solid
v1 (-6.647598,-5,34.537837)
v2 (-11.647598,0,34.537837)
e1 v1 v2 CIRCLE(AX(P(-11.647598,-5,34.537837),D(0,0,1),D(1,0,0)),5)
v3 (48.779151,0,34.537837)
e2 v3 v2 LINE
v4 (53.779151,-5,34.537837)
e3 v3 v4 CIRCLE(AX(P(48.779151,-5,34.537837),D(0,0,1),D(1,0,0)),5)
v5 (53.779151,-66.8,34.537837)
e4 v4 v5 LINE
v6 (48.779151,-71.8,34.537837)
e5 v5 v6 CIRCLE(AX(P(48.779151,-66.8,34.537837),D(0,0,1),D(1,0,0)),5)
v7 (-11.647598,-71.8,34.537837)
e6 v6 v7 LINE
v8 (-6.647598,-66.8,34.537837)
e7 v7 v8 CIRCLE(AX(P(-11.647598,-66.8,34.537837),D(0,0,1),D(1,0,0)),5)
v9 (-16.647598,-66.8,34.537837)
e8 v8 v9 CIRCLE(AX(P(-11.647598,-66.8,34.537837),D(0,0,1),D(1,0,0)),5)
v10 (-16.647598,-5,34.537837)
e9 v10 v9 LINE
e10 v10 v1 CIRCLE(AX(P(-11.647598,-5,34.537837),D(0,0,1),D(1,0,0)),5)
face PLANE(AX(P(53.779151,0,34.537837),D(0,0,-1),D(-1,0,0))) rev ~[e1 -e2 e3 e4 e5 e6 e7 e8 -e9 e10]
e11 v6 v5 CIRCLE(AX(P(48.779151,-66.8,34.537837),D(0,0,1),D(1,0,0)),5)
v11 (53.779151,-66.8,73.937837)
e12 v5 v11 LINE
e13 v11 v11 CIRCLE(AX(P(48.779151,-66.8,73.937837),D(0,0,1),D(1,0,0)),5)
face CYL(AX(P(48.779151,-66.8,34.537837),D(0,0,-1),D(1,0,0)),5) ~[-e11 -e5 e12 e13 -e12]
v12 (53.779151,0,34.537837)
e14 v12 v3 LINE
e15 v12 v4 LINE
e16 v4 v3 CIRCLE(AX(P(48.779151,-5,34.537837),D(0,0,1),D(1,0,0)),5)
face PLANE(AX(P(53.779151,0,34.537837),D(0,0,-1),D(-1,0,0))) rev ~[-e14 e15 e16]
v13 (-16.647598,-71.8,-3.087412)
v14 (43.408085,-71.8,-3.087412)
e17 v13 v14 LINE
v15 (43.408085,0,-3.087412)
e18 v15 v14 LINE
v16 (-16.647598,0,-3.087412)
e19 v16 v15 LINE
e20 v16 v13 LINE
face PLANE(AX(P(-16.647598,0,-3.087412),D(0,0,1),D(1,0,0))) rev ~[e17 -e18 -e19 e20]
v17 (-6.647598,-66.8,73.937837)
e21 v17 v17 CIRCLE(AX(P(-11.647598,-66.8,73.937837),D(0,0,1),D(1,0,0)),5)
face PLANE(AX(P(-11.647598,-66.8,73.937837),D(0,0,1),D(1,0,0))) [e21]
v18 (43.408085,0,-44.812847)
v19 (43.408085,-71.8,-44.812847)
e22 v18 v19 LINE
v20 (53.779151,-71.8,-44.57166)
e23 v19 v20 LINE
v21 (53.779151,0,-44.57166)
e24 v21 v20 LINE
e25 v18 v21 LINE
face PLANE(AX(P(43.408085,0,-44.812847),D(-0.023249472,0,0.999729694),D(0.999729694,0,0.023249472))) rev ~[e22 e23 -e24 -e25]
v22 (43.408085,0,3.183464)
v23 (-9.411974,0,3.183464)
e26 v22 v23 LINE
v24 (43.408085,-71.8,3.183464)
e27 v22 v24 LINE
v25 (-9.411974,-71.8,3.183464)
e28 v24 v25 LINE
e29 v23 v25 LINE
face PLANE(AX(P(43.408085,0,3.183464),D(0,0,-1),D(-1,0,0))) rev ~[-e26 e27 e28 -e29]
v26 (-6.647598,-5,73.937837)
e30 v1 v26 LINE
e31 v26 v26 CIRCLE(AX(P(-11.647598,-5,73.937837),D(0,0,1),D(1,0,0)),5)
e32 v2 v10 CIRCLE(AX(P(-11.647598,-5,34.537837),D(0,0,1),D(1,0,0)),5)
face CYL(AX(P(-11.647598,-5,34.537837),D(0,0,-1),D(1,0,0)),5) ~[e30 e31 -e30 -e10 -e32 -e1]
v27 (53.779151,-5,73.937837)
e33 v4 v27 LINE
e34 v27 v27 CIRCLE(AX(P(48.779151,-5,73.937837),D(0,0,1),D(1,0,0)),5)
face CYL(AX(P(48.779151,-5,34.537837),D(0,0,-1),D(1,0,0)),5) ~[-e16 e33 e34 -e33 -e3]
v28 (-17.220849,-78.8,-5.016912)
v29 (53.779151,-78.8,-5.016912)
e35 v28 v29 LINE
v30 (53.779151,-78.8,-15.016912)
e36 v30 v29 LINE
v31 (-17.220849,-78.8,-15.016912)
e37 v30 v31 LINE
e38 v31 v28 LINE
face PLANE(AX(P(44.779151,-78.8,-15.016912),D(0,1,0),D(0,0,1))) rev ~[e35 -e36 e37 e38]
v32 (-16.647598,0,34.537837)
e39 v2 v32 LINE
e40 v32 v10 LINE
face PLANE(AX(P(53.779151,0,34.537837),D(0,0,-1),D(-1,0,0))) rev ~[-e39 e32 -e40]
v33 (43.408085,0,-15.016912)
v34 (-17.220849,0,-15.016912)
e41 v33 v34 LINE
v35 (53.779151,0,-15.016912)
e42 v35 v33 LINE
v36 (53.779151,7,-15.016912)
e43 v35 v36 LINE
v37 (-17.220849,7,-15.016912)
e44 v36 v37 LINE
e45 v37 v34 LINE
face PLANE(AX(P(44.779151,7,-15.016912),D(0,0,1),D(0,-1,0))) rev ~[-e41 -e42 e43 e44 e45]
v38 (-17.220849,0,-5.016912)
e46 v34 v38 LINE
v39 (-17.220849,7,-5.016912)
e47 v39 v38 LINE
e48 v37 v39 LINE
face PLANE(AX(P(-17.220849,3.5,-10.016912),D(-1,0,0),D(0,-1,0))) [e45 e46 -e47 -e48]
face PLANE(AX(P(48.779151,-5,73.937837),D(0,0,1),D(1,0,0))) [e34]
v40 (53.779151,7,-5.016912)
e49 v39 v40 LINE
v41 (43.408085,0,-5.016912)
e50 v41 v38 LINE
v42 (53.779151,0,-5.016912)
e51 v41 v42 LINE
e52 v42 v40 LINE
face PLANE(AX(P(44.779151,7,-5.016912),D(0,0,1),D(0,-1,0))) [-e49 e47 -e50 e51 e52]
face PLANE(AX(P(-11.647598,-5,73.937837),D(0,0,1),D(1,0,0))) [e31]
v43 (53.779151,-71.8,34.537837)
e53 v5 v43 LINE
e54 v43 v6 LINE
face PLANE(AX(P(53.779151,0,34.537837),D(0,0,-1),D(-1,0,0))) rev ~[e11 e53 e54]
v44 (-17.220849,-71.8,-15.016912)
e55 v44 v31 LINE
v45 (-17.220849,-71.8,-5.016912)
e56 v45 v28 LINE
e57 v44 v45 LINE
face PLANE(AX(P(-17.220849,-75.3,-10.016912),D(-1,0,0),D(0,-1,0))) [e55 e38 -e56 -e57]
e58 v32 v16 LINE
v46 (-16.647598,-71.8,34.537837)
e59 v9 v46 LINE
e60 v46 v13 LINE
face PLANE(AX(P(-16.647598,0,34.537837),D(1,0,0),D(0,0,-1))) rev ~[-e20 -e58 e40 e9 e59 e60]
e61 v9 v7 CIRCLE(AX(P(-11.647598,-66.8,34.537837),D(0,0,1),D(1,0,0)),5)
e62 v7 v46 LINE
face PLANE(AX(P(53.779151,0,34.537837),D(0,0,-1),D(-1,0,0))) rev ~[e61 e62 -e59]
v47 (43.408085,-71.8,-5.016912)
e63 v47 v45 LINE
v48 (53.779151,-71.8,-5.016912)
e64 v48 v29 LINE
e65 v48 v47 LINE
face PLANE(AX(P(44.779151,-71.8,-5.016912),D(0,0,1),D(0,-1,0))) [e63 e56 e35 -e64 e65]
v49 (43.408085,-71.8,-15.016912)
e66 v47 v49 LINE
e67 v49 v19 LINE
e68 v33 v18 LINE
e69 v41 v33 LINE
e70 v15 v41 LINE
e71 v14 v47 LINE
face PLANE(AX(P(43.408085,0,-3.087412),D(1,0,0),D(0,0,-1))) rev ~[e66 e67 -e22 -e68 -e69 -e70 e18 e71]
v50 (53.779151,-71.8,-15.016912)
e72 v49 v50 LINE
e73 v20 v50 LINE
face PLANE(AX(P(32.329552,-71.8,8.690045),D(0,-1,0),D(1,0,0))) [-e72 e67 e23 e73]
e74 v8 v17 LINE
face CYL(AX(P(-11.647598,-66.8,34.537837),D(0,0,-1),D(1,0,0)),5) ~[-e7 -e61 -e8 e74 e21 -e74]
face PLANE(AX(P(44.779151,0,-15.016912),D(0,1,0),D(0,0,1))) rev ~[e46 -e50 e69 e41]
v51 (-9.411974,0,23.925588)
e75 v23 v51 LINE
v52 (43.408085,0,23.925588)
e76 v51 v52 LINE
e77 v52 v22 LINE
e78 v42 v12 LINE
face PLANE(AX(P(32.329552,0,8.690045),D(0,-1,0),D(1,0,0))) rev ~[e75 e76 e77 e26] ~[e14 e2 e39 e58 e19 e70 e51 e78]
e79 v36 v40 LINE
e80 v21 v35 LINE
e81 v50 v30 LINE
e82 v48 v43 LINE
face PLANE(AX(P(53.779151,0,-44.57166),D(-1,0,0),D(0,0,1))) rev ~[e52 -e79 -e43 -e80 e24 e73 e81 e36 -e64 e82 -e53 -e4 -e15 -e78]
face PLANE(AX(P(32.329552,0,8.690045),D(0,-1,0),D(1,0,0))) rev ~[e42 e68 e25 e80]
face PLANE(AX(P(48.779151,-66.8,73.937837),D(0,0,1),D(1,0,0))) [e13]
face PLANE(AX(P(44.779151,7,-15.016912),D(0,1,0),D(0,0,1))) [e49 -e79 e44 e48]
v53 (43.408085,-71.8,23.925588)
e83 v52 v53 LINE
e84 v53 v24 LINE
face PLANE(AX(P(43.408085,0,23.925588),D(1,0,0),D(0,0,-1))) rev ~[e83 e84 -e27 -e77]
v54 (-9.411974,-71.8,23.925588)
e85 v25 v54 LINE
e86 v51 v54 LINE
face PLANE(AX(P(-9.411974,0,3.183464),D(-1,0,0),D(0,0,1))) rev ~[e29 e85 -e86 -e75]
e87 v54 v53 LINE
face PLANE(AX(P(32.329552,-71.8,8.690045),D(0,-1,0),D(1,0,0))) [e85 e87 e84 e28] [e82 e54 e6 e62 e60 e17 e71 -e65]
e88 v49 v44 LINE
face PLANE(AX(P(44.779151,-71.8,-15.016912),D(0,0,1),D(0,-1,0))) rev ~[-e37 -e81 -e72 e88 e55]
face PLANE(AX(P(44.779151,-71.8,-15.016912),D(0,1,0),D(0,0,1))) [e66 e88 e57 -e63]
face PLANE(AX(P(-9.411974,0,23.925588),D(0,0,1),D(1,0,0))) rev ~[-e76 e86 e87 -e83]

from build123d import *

# Parameters (mm, degrees)
F1_DEPTH  = 71.8
F2_R      = 5
F3_DEPTH  = 39.4
F4_W      = 9
F4_H      = 10
F5_DEPTH  = 7
F6_W      = 9
F6_H      = 10
F7_DEPTH  = 7
F5_FACE_W = 7
F5_FACE_H = 10
F8_DEPTH  = 62
F7_FACE_W = 7
F7_FACE_H = 10
F9_DEPTH  = 62


with BuildPart() as f1:
    # F0 (on Front) → F1 (new body)
    with BuildSketch(Plane.XZ):
        Polygon((43.408085, -3.087412), (43.408085, -44.812847), (53.779151, -44.57166), (53.779151, 34.537837), (-16.647598, 34.537837), (-16.647598, 23.925588), (-9.411974, 23.925588), (43.408085, 23.925588), (43.408085, 3.183464), align=None)
        Polygon((-16.647598, -3.087412), (43.408085, -3.087412), (43.408085, 3.183464), (-9.411974, 3.183464), (-9.411974, 23.925588), (-16.647598, 23.925588), align=None)
    extrude(amount=F1_DEPTH)

    # F2 (on face) → F3 (join)
    with BuildSketch(Plane.XY.offset(34.537837)):
        with BuildLine():
            ThreePointArc((-16.647598, -66.8), (-11.647598, -71.8), (-6.647598, -66.8))
            ThreePointArc((-6.647598, -66.8), (-11.647598, -61.8), (-16.647598, -66.8))
        make_face()
        with Locations((48.779151, -66.8)):
            Circle(F2_R)
        with Locations((48.779151, -5)):
            Circle(F2_R)
        with BuildLine():
            ThreePointArc((-16.647598, -5), (-11.647598, -10), (-6.647598, -5))
            ThreePointArc((-6.647598, -5), (-11.647598, 0), (-16.647598, -5))
        make_face()
    extrude(amount=F3_DEPTH)

    # F4 (on face) → F5 (join)
    with BuildSketch(Plane.XZ.offset(71.8)):
        with Locations((49.279151, -10.016912)):
            Rectangle(F4_W, F4_H)
    extrude(amount=F5_DEPTH)

    # F6 (on face) → F7 (join)
    with BuildSketch(Plane(origin=(0, 0, 0), x_dir=(-1, 0, 0), z_dir=(0, 1, 0))):
        with Locations((-49.279151, -10.016912)):
            Rectangle(F6_W, F6_H)
    extrude(amount=F7_DEPTH)

    # F5_face (on face) → F8 (join)
    with BuildSketch(Plane(origin=(44.779151, -75.3, -10.016912), x_dir=(0, -1, 0), z_dir=(-1, 0, 0))):
        Rectangle(F5_FACE_W, F5_FACE_H)
    extrude(amount=F8_DEPTH)

    # F7_face (on face) → F9 (join)
    with BuildSketch(Plane(origin=(44.779151, 3.5, -10.016912), x_dir=(0, -1, 0), z_dir=(-1, 0, 0))):
        Rectangle(F7_FACE_W, F7_FACE_H)
    extrude(amount=F9_DEPTH)


solid = f1.part
